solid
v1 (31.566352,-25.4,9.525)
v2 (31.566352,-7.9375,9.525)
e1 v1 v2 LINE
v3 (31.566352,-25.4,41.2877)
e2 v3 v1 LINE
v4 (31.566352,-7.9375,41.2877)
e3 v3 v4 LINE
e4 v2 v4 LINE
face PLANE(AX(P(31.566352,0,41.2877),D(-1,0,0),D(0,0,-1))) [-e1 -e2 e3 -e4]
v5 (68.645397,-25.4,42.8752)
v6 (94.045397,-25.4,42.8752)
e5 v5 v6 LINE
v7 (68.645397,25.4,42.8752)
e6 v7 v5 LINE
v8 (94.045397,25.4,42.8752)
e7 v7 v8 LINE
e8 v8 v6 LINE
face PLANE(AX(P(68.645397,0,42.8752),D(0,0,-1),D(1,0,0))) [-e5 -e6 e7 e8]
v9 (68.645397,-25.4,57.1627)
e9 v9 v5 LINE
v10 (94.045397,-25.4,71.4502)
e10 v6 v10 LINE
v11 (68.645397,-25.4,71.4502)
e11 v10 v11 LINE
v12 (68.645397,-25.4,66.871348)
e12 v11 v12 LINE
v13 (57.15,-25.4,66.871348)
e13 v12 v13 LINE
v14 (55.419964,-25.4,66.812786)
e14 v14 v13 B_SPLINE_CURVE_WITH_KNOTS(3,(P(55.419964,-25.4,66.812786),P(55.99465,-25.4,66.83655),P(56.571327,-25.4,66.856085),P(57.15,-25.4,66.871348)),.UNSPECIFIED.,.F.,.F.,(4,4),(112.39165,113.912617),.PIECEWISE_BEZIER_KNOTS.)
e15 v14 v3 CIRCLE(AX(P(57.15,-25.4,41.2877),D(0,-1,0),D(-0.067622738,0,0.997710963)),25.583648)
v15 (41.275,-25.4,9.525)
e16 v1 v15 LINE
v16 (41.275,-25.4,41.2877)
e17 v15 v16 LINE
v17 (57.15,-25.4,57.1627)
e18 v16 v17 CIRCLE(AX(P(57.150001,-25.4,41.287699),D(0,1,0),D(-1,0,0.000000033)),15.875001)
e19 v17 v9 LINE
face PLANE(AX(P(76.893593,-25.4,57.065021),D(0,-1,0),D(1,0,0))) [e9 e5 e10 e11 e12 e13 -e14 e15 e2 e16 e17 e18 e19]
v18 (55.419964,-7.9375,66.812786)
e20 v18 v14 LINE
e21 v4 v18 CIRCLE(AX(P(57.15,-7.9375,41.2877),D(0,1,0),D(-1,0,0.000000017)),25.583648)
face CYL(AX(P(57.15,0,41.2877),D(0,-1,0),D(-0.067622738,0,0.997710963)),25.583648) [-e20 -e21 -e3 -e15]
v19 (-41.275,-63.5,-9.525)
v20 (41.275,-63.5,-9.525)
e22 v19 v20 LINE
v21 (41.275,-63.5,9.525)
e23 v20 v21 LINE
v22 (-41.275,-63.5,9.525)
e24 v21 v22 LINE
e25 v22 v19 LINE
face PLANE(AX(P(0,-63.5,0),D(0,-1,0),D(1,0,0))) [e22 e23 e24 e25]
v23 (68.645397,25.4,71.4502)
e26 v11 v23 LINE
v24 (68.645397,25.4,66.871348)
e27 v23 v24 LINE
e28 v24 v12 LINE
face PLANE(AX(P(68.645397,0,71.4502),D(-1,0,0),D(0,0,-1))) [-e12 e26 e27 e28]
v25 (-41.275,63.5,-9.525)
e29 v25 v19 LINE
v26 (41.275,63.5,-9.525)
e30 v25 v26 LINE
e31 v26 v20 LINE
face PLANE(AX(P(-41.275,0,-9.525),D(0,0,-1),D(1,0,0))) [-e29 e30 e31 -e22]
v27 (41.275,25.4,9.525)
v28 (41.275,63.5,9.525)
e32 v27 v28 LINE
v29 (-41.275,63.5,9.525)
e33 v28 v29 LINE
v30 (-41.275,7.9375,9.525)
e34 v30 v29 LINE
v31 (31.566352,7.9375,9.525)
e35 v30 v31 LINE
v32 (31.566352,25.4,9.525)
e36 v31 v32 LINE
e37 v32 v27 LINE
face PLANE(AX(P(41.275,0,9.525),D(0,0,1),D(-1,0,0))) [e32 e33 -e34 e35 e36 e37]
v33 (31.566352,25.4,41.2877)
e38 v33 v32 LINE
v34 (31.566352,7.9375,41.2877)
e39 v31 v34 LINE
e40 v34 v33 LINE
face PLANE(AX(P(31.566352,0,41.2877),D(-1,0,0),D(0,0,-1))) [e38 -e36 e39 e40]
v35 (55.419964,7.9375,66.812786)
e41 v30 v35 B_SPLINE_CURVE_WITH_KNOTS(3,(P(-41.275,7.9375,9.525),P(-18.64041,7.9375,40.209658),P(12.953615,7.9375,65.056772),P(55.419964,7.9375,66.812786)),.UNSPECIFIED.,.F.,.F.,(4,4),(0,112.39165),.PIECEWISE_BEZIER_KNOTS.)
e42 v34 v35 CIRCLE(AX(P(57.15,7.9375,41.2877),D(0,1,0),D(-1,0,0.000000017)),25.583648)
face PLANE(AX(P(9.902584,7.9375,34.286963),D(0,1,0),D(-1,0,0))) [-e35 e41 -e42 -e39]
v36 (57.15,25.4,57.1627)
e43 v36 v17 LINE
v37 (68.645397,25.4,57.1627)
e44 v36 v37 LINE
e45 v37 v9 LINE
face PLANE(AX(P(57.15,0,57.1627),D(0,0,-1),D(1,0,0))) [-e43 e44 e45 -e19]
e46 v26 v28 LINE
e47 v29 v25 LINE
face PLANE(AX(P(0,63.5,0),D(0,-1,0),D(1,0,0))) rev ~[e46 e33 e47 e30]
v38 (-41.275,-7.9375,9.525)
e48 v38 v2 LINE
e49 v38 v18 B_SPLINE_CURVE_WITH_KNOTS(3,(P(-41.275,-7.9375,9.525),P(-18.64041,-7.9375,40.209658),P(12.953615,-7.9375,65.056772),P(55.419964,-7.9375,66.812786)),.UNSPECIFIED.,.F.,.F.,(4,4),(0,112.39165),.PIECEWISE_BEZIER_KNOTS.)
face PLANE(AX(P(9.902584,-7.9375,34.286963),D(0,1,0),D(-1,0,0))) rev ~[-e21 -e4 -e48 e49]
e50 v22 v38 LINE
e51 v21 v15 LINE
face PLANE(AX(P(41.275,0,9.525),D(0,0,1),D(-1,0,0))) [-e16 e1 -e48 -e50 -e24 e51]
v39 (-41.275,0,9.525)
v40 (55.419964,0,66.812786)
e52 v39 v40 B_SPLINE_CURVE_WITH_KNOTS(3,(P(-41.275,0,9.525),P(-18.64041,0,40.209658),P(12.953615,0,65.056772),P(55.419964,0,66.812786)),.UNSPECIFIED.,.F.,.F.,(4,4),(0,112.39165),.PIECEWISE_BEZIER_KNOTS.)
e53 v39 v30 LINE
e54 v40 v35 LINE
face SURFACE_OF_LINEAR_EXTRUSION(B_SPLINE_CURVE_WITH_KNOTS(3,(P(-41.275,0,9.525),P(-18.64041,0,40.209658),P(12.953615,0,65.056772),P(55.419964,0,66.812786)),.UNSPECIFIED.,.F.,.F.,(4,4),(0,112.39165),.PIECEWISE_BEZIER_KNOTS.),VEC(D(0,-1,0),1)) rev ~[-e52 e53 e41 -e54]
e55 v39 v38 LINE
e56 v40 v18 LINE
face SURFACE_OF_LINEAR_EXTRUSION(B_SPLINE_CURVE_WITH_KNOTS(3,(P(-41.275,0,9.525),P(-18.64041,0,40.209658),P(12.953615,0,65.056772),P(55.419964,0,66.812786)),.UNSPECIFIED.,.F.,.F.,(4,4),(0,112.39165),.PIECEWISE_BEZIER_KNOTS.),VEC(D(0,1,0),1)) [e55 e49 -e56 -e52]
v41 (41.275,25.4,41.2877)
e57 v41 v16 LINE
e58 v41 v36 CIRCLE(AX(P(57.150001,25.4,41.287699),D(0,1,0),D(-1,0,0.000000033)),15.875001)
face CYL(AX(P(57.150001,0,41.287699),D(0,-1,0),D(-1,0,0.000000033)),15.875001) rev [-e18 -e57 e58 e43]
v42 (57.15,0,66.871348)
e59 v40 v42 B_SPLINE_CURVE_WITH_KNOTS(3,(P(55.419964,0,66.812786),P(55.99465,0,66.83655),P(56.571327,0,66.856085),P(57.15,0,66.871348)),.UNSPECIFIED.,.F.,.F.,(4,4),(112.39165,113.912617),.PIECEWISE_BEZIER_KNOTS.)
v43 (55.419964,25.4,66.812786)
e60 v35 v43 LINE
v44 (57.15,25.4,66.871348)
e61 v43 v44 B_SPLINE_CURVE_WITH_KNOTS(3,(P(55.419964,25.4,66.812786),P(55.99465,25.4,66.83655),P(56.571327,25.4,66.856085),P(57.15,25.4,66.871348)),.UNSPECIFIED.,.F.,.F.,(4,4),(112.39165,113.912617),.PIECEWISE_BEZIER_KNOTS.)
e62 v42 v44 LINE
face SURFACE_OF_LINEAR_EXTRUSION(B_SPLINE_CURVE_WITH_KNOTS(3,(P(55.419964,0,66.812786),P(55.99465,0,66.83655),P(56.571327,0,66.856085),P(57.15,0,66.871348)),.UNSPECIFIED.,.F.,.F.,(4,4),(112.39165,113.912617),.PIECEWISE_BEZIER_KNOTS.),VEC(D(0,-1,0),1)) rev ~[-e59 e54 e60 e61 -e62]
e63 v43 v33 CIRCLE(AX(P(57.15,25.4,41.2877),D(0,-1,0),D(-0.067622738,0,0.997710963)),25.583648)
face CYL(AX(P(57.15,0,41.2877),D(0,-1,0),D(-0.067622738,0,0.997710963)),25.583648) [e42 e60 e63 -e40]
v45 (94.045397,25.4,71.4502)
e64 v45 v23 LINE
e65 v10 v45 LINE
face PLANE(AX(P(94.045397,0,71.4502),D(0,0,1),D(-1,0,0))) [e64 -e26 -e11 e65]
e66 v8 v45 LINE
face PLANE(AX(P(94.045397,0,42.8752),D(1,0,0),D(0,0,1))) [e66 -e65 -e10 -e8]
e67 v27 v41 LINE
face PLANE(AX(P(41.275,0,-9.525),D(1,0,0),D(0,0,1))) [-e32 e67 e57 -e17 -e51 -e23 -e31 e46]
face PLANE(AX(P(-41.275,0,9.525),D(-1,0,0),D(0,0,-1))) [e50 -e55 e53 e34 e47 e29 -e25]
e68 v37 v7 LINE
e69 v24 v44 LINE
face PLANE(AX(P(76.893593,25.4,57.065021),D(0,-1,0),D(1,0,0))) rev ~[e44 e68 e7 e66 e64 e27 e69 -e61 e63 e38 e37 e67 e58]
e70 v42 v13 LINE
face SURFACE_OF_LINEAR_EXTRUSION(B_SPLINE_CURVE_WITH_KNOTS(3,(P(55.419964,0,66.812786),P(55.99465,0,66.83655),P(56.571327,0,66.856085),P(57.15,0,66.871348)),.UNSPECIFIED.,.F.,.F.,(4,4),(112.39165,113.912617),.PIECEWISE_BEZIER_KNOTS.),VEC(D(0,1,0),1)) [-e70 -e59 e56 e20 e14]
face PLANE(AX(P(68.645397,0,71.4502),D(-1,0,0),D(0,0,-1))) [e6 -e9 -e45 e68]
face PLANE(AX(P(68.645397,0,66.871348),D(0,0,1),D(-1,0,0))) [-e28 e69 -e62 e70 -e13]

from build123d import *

# Parameters (mm, degrees)
F1_DEPTH = 63.5
F2_DEPTH = 25.4
F3_DEPTH = 7.9375
F4_DEPTH = 25.4


with BuildPart() as f1:
    # F0 (on Front) → F1 (new body, symmetric)
    with BuildSketch(Plane.XZ):
        Polygon((-41.275, 9.525), (-41.275, -9.525), (41.275, -9.525), (41.275, 9.525), (31.566352, 9.525), align=None)
    extrude(amount=F1_DEPTH, both=True)

    # F0 (on Front) → F2 (join, symmetric)
    with BuildSketch(Plane.XZ):
        with BuildLine():
            Line((31.566352, 9.525), (41.275, 9.525))
            Line((41.275, 9.525), (41.275, 41.2877))
            ThreePointArc((41.275, 41.2877), (45.92468, 52.51302), (57.15, 57.1627))
            Line((57.15, 57.1627), (68.645397, 57.1627))
            Line((68.645397, 57.1627), (68.645397, 66.871348))
            Line((68.645397, 66.871348), (57.15, 66.871348))
            add(Edge.make_bspline(
                [(55.419964, 66.812786), (55.99465, 66.83655), (56.571327, 66.856085), (57.15, 66.871348)],
                knots=[112.39165, 112.39165, 112.39165, 112.39165, 113.912617, 113.912617, 113.912617, 113.912617], degree=3))
            ThreePointArc((55.419964, 66.812786), (38.457974, 58.755705), (31.566352, 41.2877))
            Line((31.566352, 41.2877), (31.566352, 9.525))
        make_face()
    extrude(amount=F2_DEPTH, both=True)

    # F0 (on Front) → F3 (join, symmetric)
    with BuildSketch(Plane.XZ):
        with BuildLine():
            add(Edge.make_bspline(
                [(-41.275, 9.525), (-18.64041, 40.209658), (12.953615, 65.056772), (55.419964, 66.812786)],
                knots=[0, 0, 0, 0, 112.39165, 112.39165, 112.39165, 112.39165], degree=3))
            Line((-41.275, 9.525), (31.566352, 9.525))
            Line((31.566352, 9.525), (31.566352, 41.2877))
            ThreePointArc((31.566352, 41.2877), (38.457974, 58.755705), (55.419964, 66.812786))
        make_face()
    extrude(amount=F3_DEPTH, both=True)

    # F0 (on Front) → F4 (join, symmetric)
    with BuildSketch(Plane.XZ):
        Polygon((68.645397, 71.4502), (68.645397, 66.871348), (68.645397, 57.1627), (68.645397, 42.8752), (85.446604, 42.8752), (84.830329, 71.4502), align=None)
        Polygon((94.045397, 71.4502), (84.830329, 71.4502), (85.446604, 42.8752), (94.045397, 42.8752), (94.045397, 57.1627), align=None)
    extrude(amount=F4_DEPTH, both=True)


solid = f1.part
